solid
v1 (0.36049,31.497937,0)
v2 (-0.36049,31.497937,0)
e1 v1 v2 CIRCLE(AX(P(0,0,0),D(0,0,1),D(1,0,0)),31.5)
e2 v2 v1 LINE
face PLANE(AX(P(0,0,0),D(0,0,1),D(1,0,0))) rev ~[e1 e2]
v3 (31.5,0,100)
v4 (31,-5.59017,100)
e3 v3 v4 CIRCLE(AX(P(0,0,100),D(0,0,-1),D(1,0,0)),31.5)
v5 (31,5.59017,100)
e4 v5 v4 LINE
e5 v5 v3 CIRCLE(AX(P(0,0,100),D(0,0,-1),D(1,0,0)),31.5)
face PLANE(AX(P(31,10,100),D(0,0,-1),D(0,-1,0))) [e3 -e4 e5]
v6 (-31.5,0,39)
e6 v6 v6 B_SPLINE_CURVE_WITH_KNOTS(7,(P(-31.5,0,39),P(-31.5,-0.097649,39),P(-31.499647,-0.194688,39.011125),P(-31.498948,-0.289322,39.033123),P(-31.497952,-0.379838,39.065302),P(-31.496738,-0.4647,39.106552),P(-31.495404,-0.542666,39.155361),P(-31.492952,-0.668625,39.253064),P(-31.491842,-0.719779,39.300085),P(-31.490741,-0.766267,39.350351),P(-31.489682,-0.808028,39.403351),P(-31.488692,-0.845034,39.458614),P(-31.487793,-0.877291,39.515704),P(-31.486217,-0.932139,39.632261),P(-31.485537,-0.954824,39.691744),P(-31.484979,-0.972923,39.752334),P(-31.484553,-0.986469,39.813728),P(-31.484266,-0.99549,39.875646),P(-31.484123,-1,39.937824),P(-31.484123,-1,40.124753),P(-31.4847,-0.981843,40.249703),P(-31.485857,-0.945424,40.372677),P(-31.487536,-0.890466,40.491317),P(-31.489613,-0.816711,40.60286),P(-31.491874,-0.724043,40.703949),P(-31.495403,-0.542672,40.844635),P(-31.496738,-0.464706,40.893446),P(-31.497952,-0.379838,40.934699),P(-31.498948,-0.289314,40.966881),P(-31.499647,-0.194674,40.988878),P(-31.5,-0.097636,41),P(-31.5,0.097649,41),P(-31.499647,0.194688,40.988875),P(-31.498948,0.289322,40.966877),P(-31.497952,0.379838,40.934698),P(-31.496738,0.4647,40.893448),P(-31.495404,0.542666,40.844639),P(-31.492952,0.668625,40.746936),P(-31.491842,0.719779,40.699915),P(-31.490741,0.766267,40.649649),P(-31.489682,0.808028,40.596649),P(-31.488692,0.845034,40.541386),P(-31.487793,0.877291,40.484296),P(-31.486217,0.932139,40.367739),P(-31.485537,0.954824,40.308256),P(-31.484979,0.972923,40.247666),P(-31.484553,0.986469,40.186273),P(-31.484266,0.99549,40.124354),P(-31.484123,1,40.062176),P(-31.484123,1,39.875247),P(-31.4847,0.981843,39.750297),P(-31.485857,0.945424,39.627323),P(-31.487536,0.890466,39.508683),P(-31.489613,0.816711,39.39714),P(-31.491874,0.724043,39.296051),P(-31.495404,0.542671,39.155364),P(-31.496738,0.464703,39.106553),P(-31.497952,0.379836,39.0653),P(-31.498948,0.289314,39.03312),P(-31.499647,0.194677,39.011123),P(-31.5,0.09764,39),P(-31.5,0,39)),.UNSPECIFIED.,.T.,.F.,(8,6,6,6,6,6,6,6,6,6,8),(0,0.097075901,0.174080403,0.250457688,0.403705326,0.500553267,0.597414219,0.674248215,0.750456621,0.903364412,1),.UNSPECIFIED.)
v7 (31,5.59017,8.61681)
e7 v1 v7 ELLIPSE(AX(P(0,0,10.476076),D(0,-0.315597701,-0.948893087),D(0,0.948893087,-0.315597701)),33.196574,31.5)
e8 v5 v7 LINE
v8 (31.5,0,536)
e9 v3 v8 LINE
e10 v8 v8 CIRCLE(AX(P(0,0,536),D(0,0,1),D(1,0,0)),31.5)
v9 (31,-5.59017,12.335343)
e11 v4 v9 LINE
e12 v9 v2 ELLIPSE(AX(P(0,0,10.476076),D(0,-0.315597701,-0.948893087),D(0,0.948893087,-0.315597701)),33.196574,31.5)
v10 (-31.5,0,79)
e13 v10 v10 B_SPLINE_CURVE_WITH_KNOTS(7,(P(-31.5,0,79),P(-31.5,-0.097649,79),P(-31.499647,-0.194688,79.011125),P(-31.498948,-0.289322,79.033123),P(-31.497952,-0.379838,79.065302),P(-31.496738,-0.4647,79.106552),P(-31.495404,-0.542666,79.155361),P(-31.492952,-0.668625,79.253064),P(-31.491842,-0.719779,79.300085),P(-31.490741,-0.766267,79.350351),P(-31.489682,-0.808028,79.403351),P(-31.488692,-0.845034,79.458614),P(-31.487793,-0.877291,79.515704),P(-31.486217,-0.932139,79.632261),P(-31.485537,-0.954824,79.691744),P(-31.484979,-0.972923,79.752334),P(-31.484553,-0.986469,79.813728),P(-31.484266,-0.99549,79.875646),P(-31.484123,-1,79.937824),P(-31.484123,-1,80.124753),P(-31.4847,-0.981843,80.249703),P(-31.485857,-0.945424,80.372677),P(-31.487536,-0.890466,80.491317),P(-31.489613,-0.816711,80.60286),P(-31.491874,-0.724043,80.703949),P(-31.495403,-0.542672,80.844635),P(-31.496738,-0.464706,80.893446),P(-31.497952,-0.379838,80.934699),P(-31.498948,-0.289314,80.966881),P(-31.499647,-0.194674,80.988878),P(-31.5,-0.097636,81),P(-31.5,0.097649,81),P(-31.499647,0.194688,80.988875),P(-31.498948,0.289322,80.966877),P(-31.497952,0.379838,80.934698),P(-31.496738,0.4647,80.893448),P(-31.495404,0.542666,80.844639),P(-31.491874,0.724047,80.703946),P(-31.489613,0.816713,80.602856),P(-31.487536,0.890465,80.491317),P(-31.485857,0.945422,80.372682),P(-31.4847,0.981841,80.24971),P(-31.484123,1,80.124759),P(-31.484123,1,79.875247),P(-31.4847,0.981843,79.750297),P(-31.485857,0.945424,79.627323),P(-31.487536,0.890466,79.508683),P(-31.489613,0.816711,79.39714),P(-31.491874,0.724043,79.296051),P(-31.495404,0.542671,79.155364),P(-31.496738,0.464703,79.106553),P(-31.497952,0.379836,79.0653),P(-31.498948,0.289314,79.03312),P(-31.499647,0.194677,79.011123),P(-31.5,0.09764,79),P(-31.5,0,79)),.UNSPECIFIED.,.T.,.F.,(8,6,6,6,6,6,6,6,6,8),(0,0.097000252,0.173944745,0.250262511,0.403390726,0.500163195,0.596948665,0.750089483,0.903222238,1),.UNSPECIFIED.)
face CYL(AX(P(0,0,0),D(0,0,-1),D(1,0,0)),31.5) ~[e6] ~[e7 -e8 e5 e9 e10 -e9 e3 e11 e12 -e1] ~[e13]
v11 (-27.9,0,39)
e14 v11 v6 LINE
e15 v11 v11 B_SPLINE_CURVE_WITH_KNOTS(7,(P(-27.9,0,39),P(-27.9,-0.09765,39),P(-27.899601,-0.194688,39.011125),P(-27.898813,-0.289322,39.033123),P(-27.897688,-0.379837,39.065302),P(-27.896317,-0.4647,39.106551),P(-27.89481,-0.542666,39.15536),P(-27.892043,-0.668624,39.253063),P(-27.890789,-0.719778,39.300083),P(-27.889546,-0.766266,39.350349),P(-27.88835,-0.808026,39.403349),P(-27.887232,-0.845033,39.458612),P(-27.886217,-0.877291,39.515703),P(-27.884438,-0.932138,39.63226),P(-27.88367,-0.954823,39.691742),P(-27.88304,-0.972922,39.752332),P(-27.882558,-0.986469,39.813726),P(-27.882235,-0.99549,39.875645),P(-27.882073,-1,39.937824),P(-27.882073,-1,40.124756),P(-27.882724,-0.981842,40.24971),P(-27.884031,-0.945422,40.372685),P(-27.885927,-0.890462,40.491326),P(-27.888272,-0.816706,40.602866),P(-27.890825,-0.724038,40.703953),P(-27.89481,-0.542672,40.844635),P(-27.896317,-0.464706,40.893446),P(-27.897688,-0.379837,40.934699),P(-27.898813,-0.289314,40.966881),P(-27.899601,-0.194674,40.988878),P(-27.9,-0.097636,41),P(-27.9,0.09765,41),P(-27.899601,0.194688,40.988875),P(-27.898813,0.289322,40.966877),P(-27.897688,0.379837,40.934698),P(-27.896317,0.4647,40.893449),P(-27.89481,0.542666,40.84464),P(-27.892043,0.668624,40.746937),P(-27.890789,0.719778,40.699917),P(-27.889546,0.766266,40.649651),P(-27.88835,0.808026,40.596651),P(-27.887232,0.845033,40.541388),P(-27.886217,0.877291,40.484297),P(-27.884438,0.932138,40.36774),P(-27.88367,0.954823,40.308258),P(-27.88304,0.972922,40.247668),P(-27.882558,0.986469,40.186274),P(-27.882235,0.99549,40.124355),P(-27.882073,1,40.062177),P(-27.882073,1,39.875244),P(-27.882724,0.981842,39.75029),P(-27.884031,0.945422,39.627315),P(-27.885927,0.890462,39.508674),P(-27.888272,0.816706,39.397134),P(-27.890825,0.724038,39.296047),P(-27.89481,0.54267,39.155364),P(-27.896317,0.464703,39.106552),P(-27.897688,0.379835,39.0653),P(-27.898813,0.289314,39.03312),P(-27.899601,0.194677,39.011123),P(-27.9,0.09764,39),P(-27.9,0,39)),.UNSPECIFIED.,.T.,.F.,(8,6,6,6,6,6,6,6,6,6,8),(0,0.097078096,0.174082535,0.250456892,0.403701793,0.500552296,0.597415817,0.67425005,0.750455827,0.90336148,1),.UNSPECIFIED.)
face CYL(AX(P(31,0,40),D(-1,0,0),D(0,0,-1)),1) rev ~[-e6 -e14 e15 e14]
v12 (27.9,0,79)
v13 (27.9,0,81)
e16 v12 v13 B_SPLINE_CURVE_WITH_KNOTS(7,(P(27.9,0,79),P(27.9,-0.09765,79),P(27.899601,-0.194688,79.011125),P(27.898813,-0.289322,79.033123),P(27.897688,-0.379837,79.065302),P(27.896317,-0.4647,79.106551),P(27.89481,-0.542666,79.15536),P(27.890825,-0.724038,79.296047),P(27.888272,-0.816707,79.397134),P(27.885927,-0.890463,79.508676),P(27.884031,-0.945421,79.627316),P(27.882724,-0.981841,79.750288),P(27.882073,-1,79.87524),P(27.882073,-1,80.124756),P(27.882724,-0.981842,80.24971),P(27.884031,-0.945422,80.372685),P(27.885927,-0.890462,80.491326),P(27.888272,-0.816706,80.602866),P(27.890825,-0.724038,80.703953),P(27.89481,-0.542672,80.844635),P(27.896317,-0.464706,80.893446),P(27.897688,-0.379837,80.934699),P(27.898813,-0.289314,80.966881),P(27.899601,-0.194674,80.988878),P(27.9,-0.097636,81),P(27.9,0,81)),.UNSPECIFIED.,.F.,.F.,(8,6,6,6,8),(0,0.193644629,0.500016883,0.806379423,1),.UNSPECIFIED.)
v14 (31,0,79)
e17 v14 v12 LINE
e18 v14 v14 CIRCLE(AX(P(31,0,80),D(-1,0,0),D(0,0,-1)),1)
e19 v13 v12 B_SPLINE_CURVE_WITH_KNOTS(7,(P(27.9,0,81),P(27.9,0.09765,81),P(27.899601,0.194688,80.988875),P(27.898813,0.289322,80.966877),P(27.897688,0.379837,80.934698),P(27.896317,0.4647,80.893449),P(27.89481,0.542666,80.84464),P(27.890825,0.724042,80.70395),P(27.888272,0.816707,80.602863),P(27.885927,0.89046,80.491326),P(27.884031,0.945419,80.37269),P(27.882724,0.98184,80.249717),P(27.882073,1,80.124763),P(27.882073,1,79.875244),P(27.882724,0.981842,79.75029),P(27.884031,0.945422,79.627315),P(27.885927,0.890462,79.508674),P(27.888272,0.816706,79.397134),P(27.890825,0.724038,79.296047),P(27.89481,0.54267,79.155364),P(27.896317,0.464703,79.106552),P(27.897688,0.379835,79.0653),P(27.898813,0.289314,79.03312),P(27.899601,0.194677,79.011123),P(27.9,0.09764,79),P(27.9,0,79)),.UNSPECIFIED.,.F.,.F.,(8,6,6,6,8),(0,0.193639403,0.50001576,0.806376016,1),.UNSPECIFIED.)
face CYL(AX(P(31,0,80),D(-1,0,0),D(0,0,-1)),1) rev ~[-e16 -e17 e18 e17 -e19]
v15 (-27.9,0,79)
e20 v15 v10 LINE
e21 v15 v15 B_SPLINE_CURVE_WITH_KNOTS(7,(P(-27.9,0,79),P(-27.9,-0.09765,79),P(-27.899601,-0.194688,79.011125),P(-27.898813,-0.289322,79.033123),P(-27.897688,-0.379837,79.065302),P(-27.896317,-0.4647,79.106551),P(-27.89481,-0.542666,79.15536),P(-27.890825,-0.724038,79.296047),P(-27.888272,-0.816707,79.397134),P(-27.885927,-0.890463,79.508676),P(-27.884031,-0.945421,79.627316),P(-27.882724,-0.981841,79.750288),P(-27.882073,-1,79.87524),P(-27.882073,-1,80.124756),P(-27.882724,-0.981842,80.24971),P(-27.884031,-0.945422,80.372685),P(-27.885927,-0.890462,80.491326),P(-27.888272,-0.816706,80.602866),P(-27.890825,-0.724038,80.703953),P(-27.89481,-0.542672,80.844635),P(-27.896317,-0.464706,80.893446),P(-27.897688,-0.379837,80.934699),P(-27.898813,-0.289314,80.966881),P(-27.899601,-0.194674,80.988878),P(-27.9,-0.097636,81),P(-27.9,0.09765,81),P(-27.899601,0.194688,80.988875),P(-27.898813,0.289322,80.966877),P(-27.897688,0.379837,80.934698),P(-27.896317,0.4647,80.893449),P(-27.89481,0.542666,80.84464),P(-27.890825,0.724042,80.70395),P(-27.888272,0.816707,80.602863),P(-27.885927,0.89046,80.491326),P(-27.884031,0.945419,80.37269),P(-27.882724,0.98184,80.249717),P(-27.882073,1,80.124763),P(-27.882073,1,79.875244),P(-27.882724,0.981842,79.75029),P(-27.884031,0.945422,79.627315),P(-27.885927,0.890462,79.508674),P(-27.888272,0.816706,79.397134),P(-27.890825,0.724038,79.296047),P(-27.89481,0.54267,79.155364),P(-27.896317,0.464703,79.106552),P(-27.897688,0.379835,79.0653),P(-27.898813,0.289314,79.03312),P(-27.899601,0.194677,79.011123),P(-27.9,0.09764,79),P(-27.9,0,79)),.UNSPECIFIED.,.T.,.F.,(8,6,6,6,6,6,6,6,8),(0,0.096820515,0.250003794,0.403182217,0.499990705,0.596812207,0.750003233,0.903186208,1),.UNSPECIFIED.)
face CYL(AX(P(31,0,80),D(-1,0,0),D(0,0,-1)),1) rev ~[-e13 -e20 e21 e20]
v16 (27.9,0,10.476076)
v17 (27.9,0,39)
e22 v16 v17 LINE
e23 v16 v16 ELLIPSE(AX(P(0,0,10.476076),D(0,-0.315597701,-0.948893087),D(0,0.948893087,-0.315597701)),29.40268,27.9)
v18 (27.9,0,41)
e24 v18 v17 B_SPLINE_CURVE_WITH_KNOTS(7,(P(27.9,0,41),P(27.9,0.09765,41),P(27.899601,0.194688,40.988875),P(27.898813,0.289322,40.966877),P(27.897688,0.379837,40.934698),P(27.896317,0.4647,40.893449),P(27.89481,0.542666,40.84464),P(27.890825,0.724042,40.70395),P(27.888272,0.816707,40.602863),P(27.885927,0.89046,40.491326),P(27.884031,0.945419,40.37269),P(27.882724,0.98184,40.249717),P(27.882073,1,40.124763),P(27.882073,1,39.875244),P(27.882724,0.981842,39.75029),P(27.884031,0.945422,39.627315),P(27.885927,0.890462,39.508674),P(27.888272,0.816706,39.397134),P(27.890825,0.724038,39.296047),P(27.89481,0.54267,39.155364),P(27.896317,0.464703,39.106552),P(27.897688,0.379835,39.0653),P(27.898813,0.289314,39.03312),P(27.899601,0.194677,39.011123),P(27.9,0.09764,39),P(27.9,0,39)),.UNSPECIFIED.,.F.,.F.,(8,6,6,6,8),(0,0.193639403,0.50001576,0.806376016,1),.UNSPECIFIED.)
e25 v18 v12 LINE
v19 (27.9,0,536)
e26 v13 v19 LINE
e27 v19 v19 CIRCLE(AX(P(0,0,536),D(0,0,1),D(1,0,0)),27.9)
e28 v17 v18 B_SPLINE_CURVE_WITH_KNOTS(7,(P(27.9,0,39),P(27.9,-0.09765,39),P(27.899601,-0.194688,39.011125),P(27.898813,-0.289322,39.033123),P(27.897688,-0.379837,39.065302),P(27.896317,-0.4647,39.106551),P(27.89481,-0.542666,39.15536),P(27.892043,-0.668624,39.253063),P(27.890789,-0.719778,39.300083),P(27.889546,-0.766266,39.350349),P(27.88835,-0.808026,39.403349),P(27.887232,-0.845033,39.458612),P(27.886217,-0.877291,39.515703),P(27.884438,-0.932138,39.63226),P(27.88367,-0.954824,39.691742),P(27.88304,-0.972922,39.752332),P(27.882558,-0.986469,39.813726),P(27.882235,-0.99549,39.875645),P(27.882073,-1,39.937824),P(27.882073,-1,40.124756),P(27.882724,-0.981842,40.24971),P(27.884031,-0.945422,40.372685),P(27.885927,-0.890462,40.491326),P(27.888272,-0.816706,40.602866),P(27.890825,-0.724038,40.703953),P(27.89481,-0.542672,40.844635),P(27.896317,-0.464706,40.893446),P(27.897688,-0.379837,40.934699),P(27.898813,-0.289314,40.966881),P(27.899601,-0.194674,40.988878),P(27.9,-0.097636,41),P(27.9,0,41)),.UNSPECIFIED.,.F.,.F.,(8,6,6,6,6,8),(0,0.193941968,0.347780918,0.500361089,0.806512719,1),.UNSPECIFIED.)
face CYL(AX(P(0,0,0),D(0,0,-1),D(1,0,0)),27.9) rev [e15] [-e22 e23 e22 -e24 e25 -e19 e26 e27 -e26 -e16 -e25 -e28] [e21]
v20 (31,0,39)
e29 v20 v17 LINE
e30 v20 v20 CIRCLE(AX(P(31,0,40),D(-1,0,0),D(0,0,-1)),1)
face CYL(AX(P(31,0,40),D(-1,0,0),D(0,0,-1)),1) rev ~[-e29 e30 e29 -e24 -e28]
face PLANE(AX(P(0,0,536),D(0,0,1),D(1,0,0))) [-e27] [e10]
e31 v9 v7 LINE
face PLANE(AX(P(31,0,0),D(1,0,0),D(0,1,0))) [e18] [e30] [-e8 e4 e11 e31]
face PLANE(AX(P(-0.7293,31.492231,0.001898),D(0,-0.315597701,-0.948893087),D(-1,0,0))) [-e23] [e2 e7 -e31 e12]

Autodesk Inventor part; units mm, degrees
sketch "Sketch1" plane through (0, 0, 0) normal (0, 0, 1) x (1, 0, 0)
  circle A0 centre (0, 0) radius 31.5
  circle A1 centre (0, 0) radius 27.9
  dimension "d0" = 63
  dimension "d2" = 3.6
extrude "tube" add sketch "Sketch1" along normal blind 536
sketch "Sketch15" plane through (0, 0, 536) normal (0, 0, 1) x (1, 0, 0)
  circle A0 centre (0, 0) radius 27.9 projected
  circle A1 centre (0, 0) radius 31.5 projected
  point P0 (31.5, 0)
ref_plane "Work Plane6" through (31.5, 0, 536) normal (1, 0, 0) x (0, 1, 0)
ref_plane "Work Plane7" through (31, 0, 0) normal (1, 0, 0) x (0, 1, 0)
sketch "Sketch19" plane through (31, 0, 0) normal (1, 0, 0) x (0, 1, 0)
  line L0 (-10, 0) -> (10, 0)
  line L1 (10, 0) -> (10, 100)
  line L2 (10, 100) -> (-10, 100)
  line L3 (-10, 100) -> (-10, 0)
  point P0 (0, 0)
  point P1 (0, 0)
  dimension "d67" = 20
  dimension "d68" = 100
extrude "flatFaceYellow" cut sketch "Sketch19" along normal blind 25.4
sketch "Sketch21" plane through (0, 0, 0) normal (0, 0, -1) x (-1, 0, 0)
  line L0 (-31, 5.5902) -> (-31, -5.5902) projected
  arc A0 (-31, -5.5902) -> (-31, 5.5902) centre (0, 0) ccw projected
  circle A1 centre (0, 0) radius 27.9 projected
  line L1 (0.7293, 31.4916) -> (30.8537, 31.4916) construction
ref_plane "Work Plane8" through (-0.7293, 31.4916, 0) normal (0, -0.3156, -0.9489) x (-1, 0, 0)
sketch "Sketch22" plane through (-0.7293, 31.4916, 0) normal (0, -0.3156, -0.9489) x (-1, 0, 0)
  line L0 (-34.8075, -84.5558) -> (31.7452, -84.5558)
  line L1 (31.7452, -84.5558) -> (31.7452, 8.8585)
  line L2 (31.7452, 8.8585) -> (-34.8075, 8.8585)
  line L3 (-34.8075, 8.8585) -> (-34.8075, -84.5558)
  point P0 (-0.7293, -29.8816)
extrude "angledEnd" cut sketch "Sketch22" along normal blind 25.4
sketch "Sketch23" plane through (31, 0, 0) normal (1, 0, 0) x (0, 0, -1)
  line L0 (-12.3354, -5.5902) -> (-100, -5.5902) projected
  circle A0 centre (-80, 0) radius 3.2074
  circle A1 centre (-40, 0) radius 3.2074
  point P0 (0, 0)
  dimension "d89" = 80
  dimension "d92" = 40
hole "Hole3" at (31, 0, 80) at (31, 0, 40) direction (-1, 0, 0) diameter 2 end through all
properties part number "sparVert_B" material "PVC-Piping"
